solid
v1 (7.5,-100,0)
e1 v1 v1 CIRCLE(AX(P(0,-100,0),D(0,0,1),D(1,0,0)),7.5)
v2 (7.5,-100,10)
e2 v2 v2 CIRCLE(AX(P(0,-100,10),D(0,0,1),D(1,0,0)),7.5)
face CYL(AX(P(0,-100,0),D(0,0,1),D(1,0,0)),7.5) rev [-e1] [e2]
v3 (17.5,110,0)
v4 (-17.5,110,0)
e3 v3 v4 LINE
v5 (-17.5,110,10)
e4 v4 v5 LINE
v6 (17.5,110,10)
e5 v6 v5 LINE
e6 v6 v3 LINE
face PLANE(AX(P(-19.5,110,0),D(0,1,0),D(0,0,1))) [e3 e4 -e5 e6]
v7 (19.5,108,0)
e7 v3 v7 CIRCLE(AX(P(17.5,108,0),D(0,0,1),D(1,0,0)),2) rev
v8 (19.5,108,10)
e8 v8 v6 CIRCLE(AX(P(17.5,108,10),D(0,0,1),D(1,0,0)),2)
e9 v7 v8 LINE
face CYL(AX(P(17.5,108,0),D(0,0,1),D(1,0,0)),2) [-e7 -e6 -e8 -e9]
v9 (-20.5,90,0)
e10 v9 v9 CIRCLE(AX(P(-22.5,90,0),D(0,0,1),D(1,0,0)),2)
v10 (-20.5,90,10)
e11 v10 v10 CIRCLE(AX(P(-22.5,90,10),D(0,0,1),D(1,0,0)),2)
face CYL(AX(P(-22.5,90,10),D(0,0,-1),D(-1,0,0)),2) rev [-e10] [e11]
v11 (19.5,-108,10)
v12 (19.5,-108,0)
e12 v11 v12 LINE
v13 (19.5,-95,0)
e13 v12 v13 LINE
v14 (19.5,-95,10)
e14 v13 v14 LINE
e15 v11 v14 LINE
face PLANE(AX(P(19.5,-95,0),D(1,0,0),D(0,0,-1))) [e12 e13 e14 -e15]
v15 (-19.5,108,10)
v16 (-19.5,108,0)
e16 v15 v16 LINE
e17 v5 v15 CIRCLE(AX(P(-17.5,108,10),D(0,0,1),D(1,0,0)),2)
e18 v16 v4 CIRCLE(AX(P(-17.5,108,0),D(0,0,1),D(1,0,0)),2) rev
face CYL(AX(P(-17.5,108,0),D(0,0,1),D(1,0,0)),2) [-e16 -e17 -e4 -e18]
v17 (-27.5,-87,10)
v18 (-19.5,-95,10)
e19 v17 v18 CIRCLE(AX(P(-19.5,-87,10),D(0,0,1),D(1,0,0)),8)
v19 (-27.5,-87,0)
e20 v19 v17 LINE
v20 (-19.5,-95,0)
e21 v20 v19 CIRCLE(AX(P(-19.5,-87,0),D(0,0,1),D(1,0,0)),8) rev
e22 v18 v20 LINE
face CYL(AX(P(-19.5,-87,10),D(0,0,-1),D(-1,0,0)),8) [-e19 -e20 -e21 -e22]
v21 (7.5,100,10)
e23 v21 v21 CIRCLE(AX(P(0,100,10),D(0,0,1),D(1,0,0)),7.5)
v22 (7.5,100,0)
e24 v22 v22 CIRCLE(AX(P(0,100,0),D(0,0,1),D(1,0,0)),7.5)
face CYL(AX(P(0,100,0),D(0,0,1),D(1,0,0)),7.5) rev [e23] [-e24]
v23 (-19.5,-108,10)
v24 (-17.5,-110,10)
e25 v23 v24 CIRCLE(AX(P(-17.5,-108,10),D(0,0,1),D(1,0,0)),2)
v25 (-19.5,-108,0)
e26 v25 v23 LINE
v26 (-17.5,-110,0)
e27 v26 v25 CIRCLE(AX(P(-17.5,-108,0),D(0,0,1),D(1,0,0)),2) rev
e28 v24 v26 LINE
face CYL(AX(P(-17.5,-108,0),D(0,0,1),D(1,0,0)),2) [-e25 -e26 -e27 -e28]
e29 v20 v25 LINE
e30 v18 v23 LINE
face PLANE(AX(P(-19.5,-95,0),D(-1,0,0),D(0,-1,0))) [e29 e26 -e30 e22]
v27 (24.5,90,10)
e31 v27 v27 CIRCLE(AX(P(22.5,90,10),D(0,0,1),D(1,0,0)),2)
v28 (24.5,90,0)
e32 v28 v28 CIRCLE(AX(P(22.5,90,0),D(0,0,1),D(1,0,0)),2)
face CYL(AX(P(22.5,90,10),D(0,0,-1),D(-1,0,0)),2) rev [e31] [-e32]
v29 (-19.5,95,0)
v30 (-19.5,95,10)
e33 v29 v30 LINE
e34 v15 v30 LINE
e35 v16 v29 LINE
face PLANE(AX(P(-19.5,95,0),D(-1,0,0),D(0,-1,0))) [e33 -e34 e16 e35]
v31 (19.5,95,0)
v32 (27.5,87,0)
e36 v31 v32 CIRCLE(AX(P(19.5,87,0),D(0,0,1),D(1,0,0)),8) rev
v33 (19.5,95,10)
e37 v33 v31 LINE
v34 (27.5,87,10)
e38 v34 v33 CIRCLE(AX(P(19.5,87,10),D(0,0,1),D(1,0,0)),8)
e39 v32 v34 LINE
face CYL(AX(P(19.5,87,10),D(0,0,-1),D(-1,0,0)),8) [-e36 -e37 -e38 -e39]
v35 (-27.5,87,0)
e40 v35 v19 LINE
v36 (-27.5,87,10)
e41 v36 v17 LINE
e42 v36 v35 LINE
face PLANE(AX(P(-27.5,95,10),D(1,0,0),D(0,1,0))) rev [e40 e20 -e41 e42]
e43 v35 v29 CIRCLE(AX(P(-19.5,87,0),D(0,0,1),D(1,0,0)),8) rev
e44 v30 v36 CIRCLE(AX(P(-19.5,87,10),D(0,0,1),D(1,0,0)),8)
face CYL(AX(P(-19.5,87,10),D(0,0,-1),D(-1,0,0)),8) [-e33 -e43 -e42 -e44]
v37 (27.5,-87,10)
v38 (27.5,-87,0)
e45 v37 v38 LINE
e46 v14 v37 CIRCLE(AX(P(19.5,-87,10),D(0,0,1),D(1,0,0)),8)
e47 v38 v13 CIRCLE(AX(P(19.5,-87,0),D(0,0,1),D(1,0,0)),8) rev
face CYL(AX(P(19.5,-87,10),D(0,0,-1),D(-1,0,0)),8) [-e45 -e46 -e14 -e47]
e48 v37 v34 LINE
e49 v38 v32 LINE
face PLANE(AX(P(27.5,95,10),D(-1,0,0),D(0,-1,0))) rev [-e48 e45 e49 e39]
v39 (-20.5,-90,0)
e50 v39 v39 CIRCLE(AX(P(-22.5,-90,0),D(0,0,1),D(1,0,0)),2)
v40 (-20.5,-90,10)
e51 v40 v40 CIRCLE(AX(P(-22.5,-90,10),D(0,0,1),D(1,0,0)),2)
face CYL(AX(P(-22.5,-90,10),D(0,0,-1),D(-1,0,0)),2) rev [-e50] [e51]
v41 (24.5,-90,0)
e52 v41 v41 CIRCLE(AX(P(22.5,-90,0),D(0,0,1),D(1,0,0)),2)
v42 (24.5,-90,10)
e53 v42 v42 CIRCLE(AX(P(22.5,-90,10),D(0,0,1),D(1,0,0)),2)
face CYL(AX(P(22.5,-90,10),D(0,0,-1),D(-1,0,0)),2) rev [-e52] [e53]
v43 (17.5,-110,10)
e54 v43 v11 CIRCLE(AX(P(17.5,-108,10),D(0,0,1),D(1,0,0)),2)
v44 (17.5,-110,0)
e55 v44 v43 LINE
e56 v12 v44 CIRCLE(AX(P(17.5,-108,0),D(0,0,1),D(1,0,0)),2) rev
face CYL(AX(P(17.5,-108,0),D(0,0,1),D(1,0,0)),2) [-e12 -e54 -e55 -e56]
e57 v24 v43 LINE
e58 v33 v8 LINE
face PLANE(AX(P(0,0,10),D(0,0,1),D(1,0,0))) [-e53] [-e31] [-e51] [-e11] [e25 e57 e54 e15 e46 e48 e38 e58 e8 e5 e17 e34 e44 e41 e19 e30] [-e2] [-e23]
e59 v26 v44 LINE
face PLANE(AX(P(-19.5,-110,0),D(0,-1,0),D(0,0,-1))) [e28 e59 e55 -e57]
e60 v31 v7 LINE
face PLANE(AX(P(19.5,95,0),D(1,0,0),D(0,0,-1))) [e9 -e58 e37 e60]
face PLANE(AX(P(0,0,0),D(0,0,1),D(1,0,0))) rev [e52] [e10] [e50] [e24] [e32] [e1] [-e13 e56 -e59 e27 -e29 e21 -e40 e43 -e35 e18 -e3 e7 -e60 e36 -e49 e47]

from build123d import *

# Parameters (mm, degrees)
ESBO_O1_W                = 55
ESBO_O1_H                = 190
ESBO_O1_R                = 2
RESSALTO_EXTRUS_O1_DEPTH = 10
FILETE1_R                = 8
ESBO_O3_W                = 39
ESBO_O3_H                = 15
RESSALTO_EXTRUS_O2_DEPTH = 10
ESBO_O4_R                = 7.5
CORTE_EXTRUS_O2_DEPTH    = 10
FILETE2_R                = 2


with BuildPart() as part:
    # Esboço1 → Ressalto-extrusão1 (new body)
    with BuildSketch(Plane.XY):
        Rectangle(ESBO_O1_W, ESBO_O1_H)
        with Locations((-22.5, 90)):
            Circle(ESBO_O1_R, mode=Mode.SUBTRACT)
        with Locations((22.5, 90)):
            Circle(ESBO_O1_R, mode=Mode.SUBTRACT)
        with Locations((-22.5, -90)):
            Circle(ESBO_O1_R, mode=Mode.SUBTRACT)
        with Locations((22.5, -90)):
            Circle(ESBO_O1_R, mode=Mode.SUBTRACT)
    extrude(amount=RESSALTO_EXTRUS_O1_DEPTH)

    # Filete1
    filete1_edges = [part.edges().sort_by_distance(p)[0] for p in [
        (27.5, -95, 5),
        (-27.5, -95, 5),
        (-27.5, 95, 5),
        (27.5, 95, 5),
    ]]
    fillet(filete1_edges, radius=FILETE1_R)

    # Esboço3 → Ressalto-extrusão2 (add)
    with BuildSketch(Plane.XY.offset(10)):
        with Locations((0, 102.5)):
            Rectangle(ESBO_O3_W, ESBO_O3_H)
        with Locations((0, -102.5)):
            Rectangle(ESBO_O3_W, ESBO_O3_H)
    extrude(amount=-RESSALTO_EXTRUS_O2_DEPTH)

    # Esboço4 → Corte-extrusão2 (cut)
    with BuildSketch(Plane.XY.offset(10)):
        with Locations((0, 100)):
            Circle(ESBO_O4_R)
        with Locations((0, -100)):
            Circle(ESBO_O4_R)
    extrude(amount=-CORTE_EXTRUS_O2_DEPTH, mode=Mode.SUBTRACT)

    # Filete2
    filete2_edges = [part.edges().sort_by_distance(p)[0] for p in [
        (-19.5, 110, 5),
        (19.5, 110, 5),
        (-19.5, -110, 5),
        (19.5, -110, 5),
    ]]
    fillet(filete2_edges, radius=FILETE2_R)


solid = part.part
